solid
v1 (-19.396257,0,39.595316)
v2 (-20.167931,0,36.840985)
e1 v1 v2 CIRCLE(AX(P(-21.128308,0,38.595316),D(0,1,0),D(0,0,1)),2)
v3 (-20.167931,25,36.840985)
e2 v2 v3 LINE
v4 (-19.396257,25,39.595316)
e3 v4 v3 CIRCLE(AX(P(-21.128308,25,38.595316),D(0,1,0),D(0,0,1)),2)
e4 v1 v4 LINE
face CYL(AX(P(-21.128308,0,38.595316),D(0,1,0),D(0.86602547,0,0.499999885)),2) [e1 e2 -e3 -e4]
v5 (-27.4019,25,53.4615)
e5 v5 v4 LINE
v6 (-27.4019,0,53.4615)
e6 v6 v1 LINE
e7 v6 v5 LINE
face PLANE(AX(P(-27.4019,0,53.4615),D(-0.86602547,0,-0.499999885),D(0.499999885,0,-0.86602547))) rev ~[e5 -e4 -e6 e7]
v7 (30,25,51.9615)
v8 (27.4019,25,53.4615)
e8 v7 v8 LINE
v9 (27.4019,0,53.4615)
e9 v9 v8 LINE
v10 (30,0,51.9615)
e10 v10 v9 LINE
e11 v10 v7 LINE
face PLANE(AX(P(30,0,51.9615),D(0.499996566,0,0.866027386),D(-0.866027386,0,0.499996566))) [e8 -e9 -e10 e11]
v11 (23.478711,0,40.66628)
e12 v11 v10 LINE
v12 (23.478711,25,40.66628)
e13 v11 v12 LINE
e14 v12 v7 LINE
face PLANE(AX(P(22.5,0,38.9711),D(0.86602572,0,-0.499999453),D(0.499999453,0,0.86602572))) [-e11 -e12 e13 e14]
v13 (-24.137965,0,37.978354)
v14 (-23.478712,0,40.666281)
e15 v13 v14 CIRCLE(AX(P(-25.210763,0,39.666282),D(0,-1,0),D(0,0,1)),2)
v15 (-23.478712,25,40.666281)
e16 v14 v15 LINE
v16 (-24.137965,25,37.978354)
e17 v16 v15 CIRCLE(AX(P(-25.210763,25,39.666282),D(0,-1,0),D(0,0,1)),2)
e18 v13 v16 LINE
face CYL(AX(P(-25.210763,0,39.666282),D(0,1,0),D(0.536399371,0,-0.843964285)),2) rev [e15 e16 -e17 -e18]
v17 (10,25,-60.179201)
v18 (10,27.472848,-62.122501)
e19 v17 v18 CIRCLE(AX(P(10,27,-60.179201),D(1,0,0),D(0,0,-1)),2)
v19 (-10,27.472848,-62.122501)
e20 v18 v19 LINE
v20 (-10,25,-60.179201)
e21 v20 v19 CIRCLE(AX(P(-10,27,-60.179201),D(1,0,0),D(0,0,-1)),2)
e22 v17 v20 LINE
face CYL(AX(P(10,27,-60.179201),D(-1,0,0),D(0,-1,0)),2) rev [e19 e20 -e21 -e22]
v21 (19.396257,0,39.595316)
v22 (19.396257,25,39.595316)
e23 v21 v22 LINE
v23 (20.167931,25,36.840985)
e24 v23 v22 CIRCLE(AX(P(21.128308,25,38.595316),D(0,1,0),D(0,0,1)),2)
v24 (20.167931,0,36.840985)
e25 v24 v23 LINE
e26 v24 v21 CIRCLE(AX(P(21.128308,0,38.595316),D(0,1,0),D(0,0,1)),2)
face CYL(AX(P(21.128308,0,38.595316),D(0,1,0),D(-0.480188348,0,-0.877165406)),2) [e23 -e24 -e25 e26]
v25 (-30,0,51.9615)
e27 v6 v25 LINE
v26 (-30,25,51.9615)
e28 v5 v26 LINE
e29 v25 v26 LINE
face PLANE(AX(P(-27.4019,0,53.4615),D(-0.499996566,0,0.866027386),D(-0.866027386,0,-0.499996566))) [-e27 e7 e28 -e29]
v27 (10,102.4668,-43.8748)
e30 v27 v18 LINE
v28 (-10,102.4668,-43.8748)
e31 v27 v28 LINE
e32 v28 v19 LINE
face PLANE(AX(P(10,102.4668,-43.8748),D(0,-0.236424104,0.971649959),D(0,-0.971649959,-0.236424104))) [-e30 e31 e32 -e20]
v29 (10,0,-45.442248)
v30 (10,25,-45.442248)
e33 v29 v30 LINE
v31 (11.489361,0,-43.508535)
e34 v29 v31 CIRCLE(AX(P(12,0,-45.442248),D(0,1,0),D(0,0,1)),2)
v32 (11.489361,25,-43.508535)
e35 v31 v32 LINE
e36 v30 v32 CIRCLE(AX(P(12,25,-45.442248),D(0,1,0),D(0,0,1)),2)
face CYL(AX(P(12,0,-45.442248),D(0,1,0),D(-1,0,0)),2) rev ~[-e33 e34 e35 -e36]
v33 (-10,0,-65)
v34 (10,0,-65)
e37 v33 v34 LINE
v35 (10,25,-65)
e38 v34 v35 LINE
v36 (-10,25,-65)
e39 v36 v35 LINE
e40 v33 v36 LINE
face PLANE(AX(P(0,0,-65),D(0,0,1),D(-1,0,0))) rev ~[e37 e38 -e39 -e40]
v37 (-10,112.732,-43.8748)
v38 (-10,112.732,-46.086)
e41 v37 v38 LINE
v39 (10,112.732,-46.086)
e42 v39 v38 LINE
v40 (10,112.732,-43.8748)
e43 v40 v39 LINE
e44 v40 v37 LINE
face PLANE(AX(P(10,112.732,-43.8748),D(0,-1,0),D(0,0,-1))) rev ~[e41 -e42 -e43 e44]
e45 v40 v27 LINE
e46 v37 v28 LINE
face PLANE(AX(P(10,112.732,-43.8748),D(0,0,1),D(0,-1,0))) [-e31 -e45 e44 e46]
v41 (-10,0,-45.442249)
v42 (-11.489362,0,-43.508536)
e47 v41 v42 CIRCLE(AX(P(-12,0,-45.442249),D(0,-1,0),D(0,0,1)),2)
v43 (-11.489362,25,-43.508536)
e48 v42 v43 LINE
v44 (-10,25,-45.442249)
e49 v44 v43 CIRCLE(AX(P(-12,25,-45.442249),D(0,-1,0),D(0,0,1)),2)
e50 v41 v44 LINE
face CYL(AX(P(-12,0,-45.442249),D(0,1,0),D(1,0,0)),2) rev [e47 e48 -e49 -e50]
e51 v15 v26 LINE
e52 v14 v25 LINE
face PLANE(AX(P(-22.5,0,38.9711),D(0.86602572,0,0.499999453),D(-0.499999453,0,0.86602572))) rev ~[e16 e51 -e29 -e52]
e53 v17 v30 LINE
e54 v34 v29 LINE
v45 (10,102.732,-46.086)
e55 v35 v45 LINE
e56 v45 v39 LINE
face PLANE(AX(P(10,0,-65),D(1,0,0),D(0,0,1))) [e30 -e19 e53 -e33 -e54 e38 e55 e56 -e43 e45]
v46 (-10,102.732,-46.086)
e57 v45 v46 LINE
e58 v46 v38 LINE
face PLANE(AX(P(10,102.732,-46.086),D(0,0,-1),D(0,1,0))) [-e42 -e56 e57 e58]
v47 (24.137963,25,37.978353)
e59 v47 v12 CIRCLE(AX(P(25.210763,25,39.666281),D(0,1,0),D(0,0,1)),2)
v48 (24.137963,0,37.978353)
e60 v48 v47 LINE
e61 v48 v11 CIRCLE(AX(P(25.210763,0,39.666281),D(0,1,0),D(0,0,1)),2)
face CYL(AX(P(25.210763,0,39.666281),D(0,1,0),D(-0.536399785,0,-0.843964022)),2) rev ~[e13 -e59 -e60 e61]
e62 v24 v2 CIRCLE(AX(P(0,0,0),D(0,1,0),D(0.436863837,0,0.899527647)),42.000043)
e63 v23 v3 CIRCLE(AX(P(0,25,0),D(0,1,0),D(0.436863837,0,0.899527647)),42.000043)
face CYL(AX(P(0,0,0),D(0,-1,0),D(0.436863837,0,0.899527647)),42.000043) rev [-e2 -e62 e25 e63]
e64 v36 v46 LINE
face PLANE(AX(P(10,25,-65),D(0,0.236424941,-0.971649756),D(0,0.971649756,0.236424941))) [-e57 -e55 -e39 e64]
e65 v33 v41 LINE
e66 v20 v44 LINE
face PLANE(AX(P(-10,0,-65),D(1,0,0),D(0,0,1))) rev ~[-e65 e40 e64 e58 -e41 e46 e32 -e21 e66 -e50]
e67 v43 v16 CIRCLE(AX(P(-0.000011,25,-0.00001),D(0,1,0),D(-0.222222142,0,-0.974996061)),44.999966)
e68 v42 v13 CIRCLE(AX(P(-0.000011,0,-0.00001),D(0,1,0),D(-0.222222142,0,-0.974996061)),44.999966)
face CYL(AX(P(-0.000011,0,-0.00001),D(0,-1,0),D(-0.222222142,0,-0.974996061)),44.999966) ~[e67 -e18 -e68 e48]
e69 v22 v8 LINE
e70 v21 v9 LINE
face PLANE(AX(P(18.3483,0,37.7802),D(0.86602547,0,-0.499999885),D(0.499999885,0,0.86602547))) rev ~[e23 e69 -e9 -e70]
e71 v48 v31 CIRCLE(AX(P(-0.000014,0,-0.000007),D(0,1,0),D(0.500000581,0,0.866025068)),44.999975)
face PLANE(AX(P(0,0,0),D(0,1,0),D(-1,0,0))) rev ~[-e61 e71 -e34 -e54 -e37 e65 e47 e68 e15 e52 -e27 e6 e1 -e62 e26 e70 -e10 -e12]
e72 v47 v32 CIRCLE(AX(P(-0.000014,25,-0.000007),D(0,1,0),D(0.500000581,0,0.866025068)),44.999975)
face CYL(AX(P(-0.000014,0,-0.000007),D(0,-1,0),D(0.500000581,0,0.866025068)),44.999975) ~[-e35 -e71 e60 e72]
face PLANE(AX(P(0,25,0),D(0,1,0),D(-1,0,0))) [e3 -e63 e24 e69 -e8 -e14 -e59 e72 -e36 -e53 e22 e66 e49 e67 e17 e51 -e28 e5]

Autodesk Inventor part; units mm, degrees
ref_plane "YZ Plane" through (0, 0, 0) normal (1, 0, 0) x (0, 1, 0)
ref_plane "XZ Plane" through (0, 0, 0) normal (0, 1, 0) x (-1, 0, 0)
ref_plane "XY Plane" through (0, 0, 0) normal (0, 0, 1) x (1, 0, 0)
sketch "Esquisse1" plane through (0, 0, 0) normal (0, 1, 0) x (-1, 0, 0)
  line L0 (22.5, 38.9711) -> (30, 51.9615)
  line L1 (0, 0) -> (55, 0) construction
  line L2 (-22.5, 38.9711) -> (-30, 51.9615)
  line L3 (0, 0) -> (55, 0) construction
  line L4 (0, -65) -> (10, -65)
  line L5 (10, -65) -> (10, -43.8748)
  line L6 (0, -65) -> (-10, -65)
  line L7 (-10, -65) -> (-10, -43.8748)
  line L8 (27.4019, 53.4615) -> (18.3483, 37.7802)
  arc A0 (-18.3483, 37.7802) -> (18.3483, 37.7802) centre (0, 0) ccw
  line L9 (-18.3483, 37.7802) -> (-27.4019, 53.4615)
  line L10 (27.4019, 53.4615) -> (30, 51.9615)
  line L11 (-30, 51.9615) -> (-27.4019, 53.4615)
  arc A1 (-22.5, 38.9711) -> (-10, -43.8748) centre (0, 0) ccw
  arc A2 (10, -43.8748) -> (22.5, 38.9711) centre (0, 0) ccw
  dimension "d1" = 60
  dimension "d2" = 60
  dimension "d3" = 60
  dimension "d4" = 120
extrude "Extrusion1" add sketch "Esquisse1" along normal blind 25
sketch "Esquisse2" plane through (10, 0, -43.8748) normal (1, 0, 0) x (0, 0, -1)
  line L0 (0, 25) -> (21.1252, 25) projected
  line L1 (21.1252, 25) -> (2.2112, 102.732)
  line L2 (2.2112, 102.732) -> (2.2112, 112.732)
  line L3 (0, 112.732) -> (0, 102.4668)
  line L4 (0, 102.4668) -> (18.8494, 25)
  line L5 (0, 112.732) -> (2.2112, 112.732)
  point P0 (-43.8748, 0)
  dimension "d11" = 80
  dimension "d12" = 10
extrude "Extrusion2" add sketch "Esquisse2" against normal blind 20
fillet "Congé1" radius 2 1 edges at (0, 25, -62.7243)
fillet "Congé2" radius 2 2 edges at (10, 12.5, -43.8748) (-10, 12.5, -43.8748)
fillet "Congé3" radius 2 4 edges at (18.3483, 12.5, 37.7802) (-18.3483, 12.5, 37.7802) (22.5, 12.5, 38.9711) (-22.5, 12.5, 38.9711)
properties part number "omikuji"
